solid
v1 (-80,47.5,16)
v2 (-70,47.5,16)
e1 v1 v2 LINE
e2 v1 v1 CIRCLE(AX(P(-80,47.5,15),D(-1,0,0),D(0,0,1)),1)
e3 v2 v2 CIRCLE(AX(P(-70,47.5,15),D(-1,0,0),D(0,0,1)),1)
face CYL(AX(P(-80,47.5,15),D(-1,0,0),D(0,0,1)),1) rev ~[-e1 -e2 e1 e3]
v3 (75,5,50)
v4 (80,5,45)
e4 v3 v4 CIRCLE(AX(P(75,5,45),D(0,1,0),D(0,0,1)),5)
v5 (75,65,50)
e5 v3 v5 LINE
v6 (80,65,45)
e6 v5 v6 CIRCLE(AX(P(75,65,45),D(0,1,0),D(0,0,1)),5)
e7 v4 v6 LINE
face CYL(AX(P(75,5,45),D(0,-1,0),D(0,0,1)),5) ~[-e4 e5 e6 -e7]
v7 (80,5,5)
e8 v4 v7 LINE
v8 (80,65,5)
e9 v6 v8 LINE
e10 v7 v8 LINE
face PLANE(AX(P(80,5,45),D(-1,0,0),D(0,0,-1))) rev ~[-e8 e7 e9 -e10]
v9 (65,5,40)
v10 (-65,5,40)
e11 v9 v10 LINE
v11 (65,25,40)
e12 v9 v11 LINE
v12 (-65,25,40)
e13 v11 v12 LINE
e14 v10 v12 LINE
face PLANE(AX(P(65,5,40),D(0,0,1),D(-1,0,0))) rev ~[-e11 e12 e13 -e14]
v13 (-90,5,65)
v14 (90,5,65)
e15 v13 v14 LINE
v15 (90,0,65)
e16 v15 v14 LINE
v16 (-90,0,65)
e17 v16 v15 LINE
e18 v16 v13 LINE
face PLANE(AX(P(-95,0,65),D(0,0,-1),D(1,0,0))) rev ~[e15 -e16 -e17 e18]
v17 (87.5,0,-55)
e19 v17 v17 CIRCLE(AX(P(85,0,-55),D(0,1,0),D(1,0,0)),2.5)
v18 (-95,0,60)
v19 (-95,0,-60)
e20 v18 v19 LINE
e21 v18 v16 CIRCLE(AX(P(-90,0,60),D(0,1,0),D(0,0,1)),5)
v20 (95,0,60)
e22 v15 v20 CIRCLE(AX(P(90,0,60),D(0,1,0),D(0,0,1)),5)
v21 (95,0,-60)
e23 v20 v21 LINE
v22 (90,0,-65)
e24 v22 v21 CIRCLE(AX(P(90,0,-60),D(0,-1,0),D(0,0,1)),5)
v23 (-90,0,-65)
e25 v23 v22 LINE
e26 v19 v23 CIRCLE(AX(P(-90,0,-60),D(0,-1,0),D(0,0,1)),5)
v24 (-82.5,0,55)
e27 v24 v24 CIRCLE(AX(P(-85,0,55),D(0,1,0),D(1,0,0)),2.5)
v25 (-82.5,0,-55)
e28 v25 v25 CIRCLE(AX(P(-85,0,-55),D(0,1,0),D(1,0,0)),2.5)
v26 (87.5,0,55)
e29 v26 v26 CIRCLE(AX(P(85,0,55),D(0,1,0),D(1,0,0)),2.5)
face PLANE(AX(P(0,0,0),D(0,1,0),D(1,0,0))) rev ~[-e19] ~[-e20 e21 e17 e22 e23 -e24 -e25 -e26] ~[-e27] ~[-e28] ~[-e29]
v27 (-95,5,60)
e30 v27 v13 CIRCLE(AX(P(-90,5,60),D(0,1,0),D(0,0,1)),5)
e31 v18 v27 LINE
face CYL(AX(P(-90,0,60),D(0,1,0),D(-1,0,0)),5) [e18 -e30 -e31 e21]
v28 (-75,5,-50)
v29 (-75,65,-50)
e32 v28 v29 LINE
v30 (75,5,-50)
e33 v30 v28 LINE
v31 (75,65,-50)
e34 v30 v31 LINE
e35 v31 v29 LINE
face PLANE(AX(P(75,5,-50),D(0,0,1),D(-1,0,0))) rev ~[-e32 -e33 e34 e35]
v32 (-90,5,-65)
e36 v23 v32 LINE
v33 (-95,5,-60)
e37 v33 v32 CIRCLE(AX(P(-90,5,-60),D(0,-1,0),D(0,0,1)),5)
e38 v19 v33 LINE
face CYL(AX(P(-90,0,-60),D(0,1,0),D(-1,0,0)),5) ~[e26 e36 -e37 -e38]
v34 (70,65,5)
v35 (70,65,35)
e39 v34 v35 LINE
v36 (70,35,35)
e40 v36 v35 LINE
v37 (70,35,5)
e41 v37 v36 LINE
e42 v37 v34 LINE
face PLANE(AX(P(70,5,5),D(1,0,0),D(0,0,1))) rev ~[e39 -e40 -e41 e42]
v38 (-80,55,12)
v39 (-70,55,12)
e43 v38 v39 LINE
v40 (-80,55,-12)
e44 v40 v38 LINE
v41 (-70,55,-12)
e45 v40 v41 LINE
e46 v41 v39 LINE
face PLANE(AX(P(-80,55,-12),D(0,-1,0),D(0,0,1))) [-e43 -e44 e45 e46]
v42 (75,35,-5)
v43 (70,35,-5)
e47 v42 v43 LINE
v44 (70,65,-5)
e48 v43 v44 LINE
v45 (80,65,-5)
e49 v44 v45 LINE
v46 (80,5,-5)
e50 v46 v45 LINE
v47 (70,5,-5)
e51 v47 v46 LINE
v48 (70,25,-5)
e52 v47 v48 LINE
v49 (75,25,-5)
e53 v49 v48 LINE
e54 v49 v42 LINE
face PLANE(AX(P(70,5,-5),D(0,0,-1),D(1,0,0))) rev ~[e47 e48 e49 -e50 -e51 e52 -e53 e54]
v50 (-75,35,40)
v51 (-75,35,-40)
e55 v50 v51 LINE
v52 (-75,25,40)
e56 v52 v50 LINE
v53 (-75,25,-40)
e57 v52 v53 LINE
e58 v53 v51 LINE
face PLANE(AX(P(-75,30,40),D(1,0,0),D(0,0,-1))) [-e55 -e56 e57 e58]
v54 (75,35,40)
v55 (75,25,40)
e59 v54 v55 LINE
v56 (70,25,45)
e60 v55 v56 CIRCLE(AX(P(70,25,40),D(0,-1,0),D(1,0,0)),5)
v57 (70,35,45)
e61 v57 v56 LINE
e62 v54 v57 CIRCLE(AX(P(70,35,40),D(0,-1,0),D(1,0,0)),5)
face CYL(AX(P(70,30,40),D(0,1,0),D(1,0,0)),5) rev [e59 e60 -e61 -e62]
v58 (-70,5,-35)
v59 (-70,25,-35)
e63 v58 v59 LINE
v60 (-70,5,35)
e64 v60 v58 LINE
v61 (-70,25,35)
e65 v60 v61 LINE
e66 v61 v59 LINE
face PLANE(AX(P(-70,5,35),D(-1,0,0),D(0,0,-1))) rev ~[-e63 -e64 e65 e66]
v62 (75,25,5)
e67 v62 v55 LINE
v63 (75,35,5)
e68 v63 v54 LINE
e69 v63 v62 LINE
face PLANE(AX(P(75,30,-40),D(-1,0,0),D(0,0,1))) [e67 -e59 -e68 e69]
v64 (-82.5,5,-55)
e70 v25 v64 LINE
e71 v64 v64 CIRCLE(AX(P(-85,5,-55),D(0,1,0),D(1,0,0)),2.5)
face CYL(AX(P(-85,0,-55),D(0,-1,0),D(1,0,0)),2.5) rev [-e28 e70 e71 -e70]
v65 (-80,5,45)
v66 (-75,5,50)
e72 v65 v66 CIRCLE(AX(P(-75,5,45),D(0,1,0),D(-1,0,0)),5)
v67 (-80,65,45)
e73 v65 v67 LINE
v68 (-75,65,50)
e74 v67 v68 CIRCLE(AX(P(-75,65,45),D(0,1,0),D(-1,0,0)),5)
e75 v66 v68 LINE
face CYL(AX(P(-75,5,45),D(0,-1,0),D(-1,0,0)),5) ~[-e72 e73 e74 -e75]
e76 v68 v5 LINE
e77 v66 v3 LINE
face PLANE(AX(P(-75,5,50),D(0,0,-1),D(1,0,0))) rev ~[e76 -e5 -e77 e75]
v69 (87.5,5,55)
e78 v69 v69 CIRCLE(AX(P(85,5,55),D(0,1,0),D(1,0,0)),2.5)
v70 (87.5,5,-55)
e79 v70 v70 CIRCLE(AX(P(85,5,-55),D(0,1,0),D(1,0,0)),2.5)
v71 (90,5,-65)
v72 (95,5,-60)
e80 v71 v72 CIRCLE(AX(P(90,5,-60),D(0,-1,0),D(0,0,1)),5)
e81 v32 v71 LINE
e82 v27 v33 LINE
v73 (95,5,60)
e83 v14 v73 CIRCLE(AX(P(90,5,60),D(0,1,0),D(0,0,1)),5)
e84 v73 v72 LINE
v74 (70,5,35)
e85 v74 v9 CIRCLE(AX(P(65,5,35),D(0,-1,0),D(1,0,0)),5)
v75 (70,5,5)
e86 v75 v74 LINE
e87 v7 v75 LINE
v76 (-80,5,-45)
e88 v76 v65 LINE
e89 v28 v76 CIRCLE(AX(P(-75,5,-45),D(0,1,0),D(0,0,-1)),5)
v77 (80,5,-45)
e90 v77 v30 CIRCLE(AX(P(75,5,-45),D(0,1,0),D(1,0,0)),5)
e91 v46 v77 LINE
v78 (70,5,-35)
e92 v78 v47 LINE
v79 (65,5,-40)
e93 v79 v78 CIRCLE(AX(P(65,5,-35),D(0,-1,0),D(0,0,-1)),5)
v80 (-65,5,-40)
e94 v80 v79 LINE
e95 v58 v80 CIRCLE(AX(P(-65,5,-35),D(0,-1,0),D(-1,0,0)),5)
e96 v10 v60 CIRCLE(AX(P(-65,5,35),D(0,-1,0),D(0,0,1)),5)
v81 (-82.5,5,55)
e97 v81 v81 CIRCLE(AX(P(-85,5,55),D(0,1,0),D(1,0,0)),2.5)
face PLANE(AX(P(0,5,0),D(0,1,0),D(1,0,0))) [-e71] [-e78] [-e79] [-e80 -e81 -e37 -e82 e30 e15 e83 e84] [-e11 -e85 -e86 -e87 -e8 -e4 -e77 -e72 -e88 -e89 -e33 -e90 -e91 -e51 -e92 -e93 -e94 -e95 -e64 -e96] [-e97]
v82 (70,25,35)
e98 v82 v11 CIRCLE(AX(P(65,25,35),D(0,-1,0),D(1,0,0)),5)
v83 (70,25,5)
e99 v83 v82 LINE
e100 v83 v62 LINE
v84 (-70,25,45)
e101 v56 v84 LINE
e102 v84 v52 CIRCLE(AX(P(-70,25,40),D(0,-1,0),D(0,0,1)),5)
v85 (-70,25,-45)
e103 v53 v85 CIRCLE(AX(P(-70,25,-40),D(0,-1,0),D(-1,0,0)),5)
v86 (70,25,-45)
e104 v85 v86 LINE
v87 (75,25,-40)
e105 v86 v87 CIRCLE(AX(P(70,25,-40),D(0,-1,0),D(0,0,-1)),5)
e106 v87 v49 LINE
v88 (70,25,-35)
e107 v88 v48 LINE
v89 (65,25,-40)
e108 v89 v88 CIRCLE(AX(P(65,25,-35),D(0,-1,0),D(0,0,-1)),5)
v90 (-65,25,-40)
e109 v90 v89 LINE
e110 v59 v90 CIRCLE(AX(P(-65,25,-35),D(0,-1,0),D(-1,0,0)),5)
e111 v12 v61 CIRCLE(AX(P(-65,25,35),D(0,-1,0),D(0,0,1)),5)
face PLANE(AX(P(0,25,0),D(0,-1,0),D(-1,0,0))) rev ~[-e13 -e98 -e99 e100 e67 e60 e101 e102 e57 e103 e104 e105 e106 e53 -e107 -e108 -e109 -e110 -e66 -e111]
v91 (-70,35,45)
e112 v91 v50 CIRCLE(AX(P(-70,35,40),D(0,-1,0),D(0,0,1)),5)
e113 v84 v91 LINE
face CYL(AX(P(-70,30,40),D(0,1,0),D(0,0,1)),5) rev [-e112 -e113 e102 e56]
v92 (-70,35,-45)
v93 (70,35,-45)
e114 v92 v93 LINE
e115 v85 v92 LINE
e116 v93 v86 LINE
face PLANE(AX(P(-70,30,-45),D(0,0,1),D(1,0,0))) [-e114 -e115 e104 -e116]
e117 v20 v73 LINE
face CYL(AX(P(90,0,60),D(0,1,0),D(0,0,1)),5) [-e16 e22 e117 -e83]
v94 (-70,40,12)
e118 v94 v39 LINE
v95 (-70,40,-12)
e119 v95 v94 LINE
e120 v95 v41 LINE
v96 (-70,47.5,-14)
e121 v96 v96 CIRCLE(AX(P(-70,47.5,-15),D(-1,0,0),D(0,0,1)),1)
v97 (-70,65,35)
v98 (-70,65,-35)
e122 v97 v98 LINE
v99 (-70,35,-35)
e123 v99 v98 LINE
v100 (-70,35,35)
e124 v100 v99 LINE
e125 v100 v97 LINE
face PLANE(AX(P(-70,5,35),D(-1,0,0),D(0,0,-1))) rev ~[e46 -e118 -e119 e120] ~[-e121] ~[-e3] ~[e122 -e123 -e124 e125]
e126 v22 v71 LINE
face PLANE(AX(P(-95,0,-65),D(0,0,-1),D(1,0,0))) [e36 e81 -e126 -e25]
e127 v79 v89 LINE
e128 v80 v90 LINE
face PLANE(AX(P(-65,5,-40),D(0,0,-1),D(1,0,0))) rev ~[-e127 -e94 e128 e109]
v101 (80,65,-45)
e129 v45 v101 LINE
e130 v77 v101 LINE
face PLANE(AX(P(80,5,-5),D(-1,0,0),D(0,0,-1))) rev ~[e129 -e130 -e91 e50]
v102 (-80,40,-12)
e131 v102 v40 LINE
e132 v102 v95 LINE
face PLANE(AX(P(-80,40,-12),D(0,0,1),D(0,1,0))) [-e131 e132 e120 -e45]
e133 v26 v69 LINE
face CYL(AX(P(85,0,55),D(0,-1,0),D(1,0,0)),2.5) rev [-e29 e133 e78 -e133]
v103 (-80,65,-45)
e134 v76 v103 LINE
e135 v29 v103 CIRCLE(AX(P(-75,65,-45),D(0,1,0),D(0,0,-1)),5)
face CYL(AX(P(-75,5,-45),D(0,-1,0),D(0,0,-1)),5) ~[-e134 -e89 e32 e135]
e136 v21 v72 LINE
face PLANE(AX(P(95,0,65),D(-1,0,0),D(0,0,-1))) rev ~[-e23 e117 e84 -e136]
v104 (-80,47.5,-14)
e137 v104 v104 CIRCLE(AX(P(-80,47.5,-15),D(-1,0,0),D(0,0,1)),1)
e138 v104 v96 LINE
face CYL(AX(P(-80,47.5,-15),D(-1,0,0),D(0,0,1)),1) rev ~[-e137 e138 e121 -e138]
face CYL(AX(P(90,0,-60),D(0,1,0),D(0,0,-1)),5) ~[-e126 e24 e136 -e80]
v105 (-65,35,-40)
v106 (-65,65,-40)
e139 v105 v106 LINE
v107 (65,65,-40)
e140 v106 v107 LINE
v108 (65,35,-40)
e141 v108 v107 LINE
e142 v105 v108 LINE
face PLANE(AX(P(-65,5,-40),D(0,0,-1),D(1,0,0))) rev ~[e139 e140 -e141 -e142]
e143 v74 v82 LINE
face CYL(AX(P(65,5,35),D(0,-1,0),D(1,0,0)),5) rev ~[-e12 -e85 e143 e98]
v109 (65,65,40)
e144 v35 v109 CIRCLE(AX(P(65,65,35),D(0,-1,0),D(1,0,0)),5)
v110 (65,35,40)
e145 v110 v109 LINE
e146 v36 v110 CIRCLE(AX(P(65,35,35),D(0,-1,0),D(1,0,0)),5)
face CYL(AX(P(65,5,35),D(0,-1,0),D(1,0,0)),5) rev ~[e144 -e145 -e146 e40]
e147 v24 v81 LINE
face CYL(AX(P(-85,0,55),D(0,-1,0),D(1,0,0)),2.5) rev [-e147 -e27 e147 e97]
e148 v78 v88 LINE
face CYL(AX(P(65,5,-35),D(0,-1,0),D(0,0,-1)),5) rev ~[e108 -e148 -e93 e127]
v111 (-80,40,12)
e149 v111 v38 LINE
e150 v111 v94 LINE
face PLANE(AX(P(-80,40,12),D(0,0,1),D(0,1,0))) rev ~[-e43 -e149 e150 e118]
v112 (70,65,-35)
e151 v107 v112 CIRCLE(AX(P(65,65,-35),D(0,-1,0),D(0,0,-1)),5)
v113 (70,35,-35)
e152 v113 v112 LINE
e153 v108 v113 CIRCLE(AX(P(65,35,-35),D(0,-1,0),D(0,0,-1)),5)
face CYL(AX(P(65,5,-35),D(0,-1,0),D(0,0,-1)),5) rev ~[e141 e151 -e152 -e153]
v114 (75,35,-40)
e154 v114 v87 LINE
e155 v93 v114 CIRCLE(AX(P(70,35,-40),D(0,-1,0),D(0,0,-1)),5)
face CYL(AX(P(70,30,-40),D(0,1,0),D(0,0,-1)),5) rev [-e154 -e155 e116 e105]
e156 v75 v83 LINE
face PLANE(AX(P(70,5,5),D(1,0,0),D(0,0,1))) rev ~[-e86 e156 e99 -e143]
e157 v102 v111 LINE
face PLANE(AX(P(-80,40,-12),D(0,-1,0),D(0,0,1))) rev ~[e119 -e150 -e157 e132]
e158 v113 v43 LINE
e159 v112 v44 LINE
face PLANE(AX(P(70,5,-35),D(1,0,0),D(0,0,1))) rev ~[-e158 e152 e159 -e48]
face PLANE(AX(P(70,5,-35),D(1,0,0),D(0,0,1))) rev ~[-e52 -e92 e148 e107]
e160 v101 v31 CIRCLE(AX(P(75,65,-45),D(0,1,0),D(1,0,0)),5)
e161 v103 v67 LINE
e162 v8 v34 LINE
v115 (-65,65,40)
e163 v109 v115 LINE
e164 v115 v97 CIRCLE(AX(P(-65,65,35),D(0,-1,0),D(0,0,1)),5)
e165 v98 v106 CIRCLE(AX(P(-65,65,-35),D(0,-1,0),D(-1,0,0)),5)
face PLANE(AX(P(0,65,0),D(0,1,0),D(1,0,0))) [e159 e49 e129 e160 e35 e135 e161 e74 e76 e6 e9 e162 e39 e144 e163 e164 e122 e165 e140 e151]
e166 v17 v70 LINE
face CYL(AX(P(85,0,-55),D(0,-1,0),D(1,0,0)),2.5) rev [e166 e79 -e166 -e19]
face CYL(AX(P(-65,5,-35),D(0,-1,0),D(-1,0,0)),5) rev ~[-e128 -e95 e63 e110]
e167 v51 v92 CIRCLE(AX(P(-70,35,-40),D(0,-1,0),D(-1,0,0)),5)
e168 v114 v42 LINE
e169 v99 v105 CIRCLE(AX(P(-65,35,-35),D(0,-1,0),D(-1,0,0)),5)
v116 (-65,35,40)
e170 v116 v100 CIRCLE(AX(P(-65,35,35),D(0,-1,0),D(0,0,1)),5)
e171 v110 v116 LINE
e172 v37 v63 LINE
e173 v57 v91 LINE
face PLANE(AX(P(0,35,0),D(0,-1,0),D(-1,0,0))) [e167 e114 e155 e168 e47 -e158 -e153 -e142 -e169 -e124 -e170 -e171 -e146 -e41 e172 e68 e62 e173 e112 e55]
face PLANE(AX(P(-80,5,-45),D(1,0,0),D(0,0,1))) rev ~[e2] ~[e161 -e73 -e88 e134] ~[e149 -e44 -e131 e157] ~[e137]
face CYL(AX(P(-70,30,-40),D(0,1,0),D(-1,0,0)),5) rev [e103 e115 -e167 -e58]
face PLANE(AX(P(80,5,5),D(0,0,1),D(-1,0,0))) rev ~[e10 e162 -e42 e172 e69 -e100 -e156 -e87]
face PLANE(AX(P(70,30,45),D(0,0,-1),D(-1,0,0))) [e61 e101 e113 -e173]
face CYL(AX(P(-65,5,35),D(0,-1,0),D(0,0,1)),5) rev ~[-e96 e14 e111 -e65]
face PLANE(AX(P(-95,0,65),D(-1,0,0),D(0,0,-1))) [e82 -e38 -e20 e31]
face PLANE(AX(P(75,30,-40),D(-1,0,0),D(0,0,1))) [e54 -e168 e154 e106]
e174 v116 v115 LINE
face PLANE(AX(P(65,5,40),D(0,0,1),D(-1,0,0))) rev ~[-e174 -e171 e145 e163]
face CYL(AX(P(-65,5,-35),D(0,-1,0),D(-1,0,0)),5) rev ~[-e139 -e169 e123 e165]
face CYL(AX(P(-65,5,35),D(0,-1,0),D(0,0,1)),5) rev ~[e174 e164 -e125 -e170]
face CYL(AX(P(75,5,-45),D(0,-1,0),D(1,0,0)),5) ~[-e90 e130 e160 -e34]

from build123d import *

# Parameters (mm, degrees)
SKETCH_1_W          = 190
SKETCH_1_H          = 130
SKETCH_1_R          = 2.5
EXTRUDE_1_DEPTH     = 5
FILLET_1_R          = 5
EXTRUDE_2_DEPTH     = 60
SKETCH_3_R          = 1
SKETCH_3_W          = 24
SKETCH_3_H          = 15
CUT_EXTRUDE_1_DEPTH = 10
CUT_EXTRUDE_2_DEPTH = 5


with BuildPart() as part:
    # 草圖1 → 填料-伸長1 (new body)
    with BuildSketch(Plane(origin=(0, 0, 0), x_dir=(1, 0, 0), z_dir=(0, 1, 0))):
        Rectangle(SKETCH_1_W, SKETCH_1_H)
        with Locations((-85, 55)):
            Circle(SKETCH_1_R, mode=Mode.SUBTRACT)
        with Locations((85, 55)):
            Circle(SKETCH_1_R, mode=Mode.SUBTRACT)
        with Locations((-85, -55)):
            Circle(SKETCH_1_R, mode=Mode.SUBTRACT)
        with Locations((85, -55)):
            Circle(SKETCH_1_R, mode=Mode.SUBTRACT)
    extrude(amount=EXTRUDE_1_DEPTH)

    # 圓角1
    fillet_1_edges = [part.edges().sort_by_distance(p)[0] for p in [
        (95, 2.5, 65),
        (-95, 2.5, 65),
        (-95, 2.5, -65),
        (95, 2.5, -65),
    ]]
    fillet(fillet_1_edges, radius=FILLET_1_R)

    # 草圖2 → 填料-伸長2 (add)
    with BuildSketch(Plane(origin=(0, 5, 0), x_dir=(1, 0, 0), z_dir=(0, 1, 0))):
        with BuildLine():
            Line((-80, 45), (-80, -45))
            ThreePointArc((-80, -45), (-78.535533906, -48.535533906), (-75, -50))
            Line((-75, -50), (75, -50))
            ThreePointArc((75, -50), (78.535533906, -48.535533906), (80, -45))
            Line((80, -45), (80, -5))
            Line((80, -5), (70, -5))
            Line((70, -5), (70, -35))
            ThreePointArc((70, -35), (68.535533906, -38.535533906), (65, -40))
            Line((65, -40), (-65, -40))
            ThreePointArc((-65, -40), (-68.535533906, -38.535533906), (-70, -35))
            Line((-70, -35), (-70, 35))
            ThreePointArc((-70, 35), (-68.535533906, 38.535533906), (-65, 40))
            Line((-65, 40), (65, 40))
            ThreePointArc((65, 40), (68.535533906, 38.535533906), (70, 35))
            Line((70, 35), (70, 5))
            Line((70, 5), (80, 5))
            Line((80, 5), (80, 45))
            ThreePointArc((80, 45), (78.535533906, 48.535533906), (75, 50))
            Line((75, 50), (-75, 50))
            ThreePointArc((-75, 50), (-78.535533906, 48.535533906), (-80, 45))
        make_face()
    extrude(amount=EXTRUDE_2_DEPTH)

    # 草圖3 → 除料-伸長1 (cut)
    with BuildSketch(Plane.ZY.offset(80)):
        with Locations((15, 47.5)):
            Circle(SKETCH_3_R)
        with Locations((-15, 47.5)):
            Circle(SKETCH_3_R)
        with Locations((0, 47.5)):
            Rectangle(SKETCH_3_W, SKETCH_3_H)
    extrude(amount=-CUT_EXTRUDE_1_DEPTH, mode=Mode.SUBTRACT)

    # 草圖4 → 除料-伸長2 (cut, symmetric)
    with BuildSketch(Plane(origin=(0, 30, 0), x_dir=(1, 0, 0), z_dir=(0, 1, 0))):
        with BuildLine():
            Line((-70, 45), (70, 45))
            ThreePointArc((70, 45), (73.535533906, 43.535533906), (75, 40))
            Line((75, 40), (75, -40))
            ThreePointArc((75, -40), (73.535533906, -43.535533906), (70, -45))
            Line((70, -45), (-70, -45))
            ThreePointArc((-70, -45), (-73.535533906, -43.535533906), (-75, -40))
            Line((-75, -40), (-75, 40))
            ThreePointArc((-75, 40), (-73.535533906, 43.535533906), (-70, 45))
        make_face()
        with BuildLine():
            Line((-65, 40), (65, 40))
            ThreePointArc((65, 40), (68.535533906, 38.535533906), (70, 35))
            Line((70, 35), (70, -35))
            ThreePointArc((70, -35), (68.535533906, -38.535533906), (65, -40))
            Line((65, -40), (-65, -40))
            ThreePointArc((-65, -40), (-68.535533906, -38.535533906), (-70, -35))
            Line((-70, -35), (-70, 35))
            ThreePointArc((-70, 35), (-68.535533906, 38.535533906), (-65, 40))
        make_face(mode=Mode.SUBTRACT)
    extrude(amount=CUT_EXTRUDE_2_DEPTH, both=True, mode=Mode.SUBTRACT)


solid = part.part
